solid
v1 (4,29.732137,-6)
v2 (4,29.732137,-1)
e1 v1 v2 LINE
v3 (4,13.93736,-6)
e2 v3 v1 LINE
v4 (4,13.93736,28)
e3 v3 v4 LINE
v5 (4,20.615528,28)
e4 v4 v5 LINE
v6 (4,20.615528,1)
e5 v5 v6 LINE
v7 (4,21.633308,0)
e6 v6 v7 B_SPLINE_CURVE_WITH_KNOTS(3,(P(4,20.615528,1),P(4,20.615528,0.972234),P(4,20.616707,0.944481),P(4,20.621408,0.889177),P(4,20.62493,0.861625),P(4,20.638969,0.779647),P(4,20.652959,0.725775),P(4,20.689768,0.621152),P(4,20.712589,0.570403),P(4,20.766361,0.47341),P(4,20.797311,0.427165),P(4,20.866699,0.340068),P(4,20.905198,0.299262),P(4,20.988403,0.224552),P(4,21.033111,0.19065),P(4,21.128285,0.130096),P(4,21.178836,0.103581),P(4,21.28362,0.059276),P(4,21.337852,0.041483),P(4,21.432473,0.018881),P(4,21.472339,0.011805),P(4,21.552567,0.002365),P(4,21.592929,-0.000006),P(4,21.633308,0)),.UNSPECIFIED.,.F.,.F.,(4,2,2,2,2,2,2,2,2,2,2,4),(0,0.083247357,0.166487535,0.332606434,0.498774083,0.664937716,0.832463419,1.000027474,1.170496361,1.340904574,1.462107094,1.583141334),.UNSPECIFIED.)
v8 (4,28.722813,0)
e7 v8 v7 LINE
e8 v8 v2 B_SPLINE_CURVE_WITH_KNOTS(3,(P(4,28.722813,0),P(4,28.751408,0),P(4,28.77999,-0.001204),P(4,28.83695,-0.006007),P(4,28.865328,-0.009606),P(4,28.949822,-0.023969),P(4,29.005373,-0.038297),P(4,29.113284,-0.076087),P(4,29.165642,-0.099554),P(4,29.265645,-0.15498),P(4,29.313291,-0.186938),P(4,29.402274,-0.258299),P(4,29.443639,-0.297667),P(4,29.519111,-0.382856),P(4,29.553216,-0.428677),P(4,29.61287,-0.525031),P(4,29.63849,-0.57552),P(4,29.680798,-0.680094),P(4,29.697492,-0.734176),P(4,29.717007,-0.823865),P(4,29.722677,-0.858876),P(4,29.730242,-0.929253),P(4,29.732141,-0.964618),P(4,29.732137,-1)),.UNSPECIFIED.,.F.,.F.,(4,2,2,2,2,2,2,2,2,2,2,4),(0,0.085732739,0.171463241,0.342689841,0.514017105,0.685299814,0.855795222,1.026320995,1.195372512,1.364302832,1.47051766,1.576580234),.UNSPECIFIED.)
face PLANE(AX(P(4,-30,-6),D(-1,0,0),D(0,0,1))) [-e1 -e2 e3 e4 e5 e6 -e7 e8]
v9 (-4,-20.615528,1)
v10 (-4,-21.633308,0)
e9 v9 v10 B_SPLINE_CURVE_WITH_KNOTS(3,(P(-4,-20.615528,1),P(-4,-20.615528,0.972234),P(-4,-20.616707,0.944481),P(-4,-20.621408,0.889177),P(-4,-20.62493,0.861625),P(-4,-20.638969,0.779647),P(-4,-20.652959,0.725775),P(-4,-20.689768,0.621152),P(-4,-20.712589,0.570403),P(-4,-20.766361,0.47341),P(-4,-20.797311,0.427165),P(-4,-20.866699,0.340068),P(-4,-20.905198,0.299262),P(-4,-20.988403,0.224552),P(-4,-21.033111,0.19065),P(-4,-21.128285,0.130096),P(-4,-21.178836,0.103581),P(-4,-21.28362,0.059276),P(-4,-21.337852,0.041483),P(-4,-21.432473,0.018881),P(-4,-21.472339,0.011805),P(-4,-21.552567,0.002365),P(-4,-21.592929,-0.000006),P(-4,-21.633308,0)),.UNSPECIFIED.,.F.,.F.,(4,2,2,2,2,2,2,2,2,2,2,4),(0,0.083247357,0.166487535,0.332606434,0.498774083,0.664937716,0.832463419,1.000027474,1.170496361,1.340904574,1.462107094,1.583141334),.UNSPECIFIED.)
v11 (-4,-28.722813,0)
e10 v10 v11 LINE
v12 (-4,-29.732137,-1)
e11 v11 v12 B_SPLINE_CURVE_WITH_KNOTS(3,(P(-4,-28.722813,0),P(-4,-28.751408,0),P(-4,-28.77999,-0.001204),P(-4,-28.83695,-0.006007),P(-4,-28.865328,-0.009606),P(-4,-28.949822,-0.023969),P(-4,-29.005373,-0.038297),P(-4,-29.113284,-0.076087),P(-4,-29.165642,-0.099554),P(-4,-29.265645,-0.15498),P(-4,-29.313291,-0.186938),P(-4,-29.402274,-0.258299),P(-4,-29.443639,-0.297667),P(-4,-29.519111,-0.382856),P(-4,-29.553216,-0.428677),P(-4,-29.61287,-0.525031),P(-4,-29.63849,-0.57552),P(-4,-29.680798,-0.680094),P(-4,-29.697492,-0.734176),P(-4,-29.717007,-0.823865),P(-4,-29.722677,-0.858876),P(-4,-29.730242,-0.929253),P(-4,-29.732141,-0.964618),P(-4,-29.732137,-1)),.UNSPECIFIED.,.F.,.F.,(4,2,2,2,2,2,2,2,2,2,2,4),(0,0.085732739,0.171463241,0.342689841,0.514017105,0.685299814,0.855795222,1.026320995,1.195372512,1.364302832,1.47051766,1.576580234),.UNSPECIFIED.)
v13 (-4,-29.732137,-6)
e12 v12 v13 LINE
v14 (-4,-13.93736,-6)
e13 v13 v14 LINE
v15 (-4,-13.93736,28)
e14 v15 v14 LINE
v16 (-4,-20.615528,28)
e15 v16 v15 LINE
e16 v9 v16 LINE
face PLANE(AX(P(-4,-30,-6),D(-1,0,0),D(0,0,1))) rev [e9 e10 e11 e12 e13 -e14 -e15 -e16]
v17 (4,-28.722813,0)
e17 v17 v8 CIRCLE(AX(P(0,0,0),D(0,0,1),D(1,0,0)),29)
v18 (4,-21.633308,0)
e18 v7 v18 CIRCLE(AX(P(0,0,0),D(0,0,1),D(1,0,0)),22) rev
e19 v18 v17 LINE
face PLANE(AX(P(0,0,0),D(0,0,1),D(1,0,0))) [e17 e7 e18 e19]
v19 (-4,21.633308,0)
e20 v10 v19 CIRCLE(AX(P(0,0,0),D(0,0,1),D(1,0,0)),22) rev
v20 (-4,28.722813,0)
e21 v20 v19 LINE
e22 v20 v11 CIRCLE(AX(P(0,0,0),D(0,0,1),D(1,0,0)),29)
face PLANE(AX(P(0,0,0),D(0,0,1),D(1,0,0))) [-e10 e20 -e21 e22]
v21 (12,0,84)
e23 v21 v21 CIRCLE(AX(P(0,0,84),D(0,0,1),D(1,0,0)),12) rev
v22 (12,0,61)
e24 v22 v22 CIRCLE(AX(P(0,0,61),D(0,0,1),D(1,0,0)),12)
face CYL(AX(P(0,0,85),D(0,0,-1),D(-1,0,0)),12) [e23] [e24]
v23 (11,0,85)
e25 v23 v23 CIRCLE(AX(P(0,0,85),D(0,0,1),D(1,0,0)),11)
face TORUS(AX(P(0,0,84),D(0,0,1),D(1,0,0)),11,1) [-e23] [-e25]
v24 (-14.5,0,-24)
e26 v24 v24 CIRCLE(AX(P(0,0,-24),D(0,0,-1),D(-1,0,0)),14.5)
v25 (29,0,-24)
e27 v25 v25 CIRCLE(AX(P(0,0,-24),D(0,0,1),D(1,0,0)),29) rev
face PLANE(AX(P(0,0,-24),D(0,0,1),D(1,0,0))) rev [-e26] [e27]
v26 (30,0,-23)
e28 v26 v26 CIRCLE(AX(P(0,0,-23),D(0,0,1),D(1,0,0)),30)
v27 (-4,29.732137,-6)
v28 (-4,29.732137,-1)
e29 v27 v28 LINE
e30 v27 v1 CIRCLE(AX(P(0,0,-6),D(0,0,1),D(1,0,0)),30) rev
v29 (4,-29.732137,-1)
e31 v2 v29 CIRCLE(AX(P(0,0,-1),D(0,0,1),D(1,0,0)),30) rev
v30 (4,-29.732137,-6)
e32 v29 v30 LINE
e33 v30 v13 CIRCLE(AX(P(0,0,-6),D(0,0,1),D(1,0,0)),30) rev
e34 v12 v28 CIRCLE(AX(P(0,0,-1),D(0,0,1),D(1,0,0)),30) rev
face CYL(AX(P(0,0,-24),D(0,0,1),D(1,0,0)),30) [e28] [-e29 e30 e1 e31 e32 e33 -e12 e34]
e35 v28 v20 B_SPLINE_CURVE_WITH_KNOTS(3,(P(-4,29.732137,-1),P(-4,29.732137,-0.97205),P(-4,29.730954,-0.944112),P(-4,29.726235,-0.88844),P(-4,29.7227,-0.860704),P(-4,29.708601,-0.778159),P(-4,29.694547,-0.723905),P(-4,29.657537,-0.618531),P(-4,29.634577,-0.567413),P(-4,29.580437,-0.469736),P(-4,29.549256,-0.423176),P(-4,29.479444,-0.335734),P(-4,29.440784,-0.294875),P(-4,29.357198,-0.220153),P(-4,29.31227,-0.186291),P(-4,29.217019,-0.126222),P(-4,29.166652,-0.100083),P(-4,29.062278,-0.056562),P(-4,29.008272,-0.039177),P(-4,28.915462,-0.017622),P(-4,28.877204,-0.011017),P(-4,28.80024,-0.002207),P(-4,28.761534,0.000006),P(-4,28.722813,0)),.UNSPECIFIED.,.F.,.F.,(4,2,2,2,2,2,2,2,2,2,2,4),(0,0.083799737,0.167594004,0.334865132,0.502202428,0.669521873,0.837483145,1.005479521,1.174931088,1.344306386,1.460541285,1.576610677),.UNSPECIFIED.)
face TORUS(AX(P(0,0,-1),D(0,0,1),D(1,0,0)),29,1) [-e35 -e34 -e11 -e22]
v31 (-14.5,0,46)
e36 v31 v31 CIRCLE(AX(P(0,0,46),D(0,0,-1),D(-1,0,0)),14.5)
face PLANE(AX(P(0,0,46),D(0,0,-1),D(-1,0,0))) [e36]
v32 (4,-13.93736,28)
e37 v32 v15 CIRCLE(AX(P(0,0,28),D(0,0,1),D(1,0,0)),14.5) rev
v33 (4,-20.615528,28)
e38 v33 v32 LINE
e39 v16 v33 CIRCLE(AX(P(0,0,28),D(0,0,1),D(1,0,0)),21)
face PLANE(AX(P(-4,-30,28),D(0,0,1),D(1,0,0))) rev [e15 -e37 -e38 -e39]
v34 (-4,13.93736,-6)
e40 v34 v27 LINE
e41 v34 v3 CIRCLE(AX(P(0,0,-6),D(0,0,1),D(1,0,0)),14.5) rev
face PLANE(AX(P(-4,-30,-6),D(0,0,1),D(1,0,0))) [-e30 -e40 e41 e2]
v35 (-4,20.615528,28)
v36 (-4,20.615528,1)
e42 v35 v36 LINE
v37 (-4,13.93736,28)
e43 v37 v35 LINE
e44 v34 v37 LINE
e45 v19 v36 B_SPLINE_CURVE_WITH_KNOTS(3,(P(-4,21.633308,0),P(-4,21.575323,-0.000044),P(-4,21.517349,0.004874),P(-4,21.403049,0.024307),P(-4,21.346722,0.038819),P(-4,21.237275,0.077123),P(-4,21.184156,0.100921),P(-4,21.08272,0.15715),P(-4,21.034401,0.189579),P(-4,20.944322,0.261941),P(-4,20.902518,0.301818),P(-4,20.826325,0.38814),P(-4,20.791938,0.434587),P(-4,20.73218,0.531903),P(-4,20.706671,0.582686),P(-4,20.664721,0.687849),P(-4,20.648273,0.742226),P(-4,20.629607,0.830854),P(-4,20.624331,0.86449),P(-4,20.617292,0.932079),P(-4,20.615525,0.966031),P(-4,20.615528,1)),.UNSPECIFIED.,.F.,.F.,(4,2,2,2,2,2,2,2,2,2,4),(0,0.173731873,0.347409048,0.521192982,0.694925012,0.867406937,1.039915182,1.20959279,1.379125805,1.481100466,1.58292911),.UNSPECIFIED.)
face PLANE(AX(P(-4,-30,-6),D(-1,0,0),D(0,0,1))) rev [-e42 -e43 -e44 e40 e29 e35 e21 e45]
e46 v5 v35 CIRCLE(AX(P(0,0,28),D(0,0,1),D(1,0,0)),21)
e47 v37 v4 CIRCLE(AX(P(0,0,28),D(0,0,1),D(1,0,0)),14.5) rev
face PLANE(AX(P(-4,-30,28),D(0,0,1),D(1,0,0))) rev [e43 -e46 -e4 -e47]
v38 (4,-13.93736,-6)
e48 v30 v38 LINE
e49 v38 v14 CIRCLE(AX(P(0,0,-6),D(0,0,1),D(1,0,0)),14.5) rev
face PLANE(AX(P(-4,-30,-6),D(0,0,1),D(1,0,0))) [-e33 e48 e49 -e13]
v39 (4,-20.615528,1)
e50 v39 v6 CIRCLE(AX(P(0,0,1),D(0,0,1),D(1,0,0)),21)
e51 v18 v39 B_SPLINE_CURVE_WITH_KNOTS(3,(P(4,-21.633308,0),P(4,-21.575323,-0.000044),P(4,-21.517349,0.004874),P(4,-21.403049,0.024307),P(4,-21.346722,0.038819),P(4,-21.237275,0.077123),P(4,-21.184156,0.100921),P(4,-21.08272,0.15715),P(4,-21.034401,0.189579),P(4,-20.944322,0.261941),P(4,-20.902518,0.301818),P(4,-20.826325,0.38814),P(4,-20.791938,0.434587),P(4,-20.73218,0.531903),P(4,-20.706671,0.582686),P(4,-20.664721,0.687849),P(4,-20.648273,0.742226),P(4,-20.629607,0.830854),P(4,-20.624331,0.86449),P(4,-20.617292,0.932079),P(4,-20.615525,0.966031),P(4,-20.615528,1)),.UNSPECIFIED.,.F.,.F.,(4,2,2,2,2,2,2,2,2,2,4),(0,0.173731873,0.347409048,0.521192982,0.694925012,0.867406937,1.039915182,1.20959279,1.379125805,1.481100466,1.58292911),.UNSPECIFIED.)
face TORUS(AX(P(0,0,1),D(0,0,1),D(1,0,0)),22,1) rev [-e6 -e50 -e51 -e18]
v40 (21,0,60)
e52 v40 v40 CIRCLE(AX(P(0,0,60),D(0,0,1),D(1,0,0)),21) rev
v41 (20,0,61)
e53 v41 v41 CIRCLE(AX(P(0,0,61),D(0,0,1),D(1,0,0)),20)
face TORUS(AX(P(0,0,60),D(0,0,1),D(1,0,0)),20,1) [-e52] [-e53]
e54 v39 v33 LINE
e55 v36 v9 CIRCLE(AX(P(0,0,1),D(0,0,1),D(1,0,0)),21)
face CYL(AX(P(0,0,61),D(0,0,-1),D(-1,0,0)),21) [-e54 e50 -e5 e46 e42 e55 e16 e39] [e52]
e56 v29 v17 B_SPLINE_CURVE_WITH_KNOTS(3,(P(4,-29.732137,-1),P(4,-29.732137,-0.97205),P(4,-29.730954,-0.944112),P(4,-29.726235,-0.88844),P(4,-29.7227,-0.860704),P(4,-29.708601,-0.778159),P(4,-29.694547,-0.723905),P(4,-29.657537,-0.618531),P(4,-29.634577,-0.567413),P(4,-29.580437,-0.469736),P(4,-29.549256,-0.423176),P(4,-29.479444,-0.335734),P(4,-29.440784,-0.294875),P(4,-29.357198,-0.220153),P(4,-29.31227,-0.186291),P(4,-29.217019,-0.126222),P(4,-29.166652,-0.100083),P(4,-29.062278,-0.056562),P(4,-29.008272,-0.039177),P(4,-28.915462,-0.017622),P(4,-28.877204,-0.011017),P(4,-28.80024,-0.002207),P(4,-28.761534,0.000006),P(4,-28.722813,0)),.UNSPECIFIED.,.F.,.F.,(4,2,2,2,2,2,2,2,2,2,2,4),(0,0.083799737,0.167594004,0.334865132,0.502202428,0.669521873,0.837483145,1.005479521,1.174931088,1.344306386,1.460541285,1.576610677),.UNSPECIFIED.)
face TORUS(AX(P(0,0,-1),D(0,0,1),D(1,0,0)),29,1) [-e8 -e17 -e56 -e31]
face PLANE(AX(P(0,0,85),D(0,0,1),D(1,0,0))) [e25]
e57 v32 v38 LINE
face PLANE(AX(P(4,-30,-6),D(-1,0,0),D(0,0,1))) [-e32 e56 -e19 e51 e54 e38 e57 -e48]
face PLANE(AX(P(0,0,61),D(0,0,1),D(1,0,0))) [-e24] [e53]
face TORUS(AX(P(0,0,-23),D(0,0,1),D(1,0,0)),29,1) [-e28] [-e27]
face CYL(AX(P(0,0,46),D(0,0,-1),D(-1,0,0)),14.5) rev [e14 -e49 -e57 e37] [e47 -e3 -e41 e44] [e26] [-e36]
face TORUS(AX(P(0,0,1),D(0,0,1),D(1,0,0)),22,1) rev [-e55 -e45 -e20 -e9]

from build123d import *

# Parameters (mm, degrees)
SKETCH1_R               = 30
SKETCH1_R_2             = 21
SKETCH1_R_3             = 12
BOSS_EXTRUDE1_DEPTH     = 24
SKETCH1_3_R             = 21
SKETCH1_3_R_2           = 12
BOSS_EXTRUDE2_DEPTH     = 61
BOSS_EXTRUDE3_START     = 61
SKETCH1_4_R             = 12
BOSS_EXTRUDE3_DEPTH     = 24
SKETCH2_R               = 14.5
CUT_EXTRUDE1_DEPTH      = 70
CUT_EXTRUDE2_DEPTH      = 96
CUT_EXTRUDE2_DEPTH_BACK = 96
SKETCH3_W               = 8
SKETCH3_H               = 34
FILLET1_R               = 1


with BuildPart() as part:
    # Sketch1 → Boss-Extrude1 (new body)
    # profile 1 of 3: a face of its own
    with BuildSketch(Plane.XY):
        Circle(SKETCH1_R)
        Circle(SKETCH1_R_2, mode=Mode.SUBTRACT)
    # profile 2 of 3: a face of its own
    with BuildSketch(Plane.XY):
        Circle(SKETCH1_R_2)
        Circle(SKETCH1_R_3, mode=Mode.SUBTRACT)
    # profile 3 of 3: a face of its own
    with BuildSketch(Plane.XY):
        Circle(SKETCH1_R_3)
    extrude(amount=-BOSS_EXTRUDE1_DEPTH)

    # Sketch1<3> → Boss-Extrude2 (add)
    # profile 1 of 2: a face of its own
    with BuildSketch(Plane.XY):
        with Locations(Location((0, 0, 0), (0, 0, 180))):
            Circle(SKETCH1_3_R)
        Circle(SKETCH1_3_R_2, mode=Mode.SUBTRACT)
    # profile 2 of 2: a face of its own
    with BuildSketch(Plane.XY):
        Circle(SKETCH1_3_R_2)
    extrude(amount=BOSS_EXTRUDE2_DEPTH)

    # Sketch1<4> → Boss-Extrude3 (add)
    with BuildSketch(Plane.XY.offset(BOSS_EXTRUDE3_START)):
        Circle(SKETCH1_4_R)
    extrude(amount=BOSS_EXTRUDE3_DEPTH)

    # Sketch2 → Cut-Extrude1 (cut)
    with BuildSketch(Plane(origin=(0, 0, -24), x_dir=(-1, 0, 0), z_dir=(0, 0, -1))):
        Circle(SKETCH2_R)
    extrude(amount=-CUT_EXTRUDE1_DEPTH, mode=Mode.SUBTRACT)

    # Sketch3 → Cut-Extrude2 (cut, two sides: drawn at the far end of the back side and taken through both)
    with BuildSketch(Plane(origin=(0, 0, 0), x_dir=(1, 0, 0), z_dir=(0, 1, 0)).offset(-CUT_EXTRUDE2_DEPTH_BACK)):
        with Locations((0, -11)):
            Rectangle(SKETCH3_W, SKETCH3_H)
    extrude(amount=CUT_EXTRUDE2_DEPTH + CUT_EXTRUDE2_DEPTH_BACK, mode=Mode.SUBTRACT)

    # Fillet1
    fillet1_edges = [part.edges().sort_by_distance(p)[0] for p in [
        (-12, 0, 85),
        (-16.201851746, -13.360389216, 0),
        (21, 0, 0),
        (-30, 0, 0),
        (22.583179581, 19.748417658, 0),
        (-30, 0, -24),
        (21, 0, 61),
    ]]
    fillet(fillet1_edges, radius=FILLET1_R)


solid = part.part
